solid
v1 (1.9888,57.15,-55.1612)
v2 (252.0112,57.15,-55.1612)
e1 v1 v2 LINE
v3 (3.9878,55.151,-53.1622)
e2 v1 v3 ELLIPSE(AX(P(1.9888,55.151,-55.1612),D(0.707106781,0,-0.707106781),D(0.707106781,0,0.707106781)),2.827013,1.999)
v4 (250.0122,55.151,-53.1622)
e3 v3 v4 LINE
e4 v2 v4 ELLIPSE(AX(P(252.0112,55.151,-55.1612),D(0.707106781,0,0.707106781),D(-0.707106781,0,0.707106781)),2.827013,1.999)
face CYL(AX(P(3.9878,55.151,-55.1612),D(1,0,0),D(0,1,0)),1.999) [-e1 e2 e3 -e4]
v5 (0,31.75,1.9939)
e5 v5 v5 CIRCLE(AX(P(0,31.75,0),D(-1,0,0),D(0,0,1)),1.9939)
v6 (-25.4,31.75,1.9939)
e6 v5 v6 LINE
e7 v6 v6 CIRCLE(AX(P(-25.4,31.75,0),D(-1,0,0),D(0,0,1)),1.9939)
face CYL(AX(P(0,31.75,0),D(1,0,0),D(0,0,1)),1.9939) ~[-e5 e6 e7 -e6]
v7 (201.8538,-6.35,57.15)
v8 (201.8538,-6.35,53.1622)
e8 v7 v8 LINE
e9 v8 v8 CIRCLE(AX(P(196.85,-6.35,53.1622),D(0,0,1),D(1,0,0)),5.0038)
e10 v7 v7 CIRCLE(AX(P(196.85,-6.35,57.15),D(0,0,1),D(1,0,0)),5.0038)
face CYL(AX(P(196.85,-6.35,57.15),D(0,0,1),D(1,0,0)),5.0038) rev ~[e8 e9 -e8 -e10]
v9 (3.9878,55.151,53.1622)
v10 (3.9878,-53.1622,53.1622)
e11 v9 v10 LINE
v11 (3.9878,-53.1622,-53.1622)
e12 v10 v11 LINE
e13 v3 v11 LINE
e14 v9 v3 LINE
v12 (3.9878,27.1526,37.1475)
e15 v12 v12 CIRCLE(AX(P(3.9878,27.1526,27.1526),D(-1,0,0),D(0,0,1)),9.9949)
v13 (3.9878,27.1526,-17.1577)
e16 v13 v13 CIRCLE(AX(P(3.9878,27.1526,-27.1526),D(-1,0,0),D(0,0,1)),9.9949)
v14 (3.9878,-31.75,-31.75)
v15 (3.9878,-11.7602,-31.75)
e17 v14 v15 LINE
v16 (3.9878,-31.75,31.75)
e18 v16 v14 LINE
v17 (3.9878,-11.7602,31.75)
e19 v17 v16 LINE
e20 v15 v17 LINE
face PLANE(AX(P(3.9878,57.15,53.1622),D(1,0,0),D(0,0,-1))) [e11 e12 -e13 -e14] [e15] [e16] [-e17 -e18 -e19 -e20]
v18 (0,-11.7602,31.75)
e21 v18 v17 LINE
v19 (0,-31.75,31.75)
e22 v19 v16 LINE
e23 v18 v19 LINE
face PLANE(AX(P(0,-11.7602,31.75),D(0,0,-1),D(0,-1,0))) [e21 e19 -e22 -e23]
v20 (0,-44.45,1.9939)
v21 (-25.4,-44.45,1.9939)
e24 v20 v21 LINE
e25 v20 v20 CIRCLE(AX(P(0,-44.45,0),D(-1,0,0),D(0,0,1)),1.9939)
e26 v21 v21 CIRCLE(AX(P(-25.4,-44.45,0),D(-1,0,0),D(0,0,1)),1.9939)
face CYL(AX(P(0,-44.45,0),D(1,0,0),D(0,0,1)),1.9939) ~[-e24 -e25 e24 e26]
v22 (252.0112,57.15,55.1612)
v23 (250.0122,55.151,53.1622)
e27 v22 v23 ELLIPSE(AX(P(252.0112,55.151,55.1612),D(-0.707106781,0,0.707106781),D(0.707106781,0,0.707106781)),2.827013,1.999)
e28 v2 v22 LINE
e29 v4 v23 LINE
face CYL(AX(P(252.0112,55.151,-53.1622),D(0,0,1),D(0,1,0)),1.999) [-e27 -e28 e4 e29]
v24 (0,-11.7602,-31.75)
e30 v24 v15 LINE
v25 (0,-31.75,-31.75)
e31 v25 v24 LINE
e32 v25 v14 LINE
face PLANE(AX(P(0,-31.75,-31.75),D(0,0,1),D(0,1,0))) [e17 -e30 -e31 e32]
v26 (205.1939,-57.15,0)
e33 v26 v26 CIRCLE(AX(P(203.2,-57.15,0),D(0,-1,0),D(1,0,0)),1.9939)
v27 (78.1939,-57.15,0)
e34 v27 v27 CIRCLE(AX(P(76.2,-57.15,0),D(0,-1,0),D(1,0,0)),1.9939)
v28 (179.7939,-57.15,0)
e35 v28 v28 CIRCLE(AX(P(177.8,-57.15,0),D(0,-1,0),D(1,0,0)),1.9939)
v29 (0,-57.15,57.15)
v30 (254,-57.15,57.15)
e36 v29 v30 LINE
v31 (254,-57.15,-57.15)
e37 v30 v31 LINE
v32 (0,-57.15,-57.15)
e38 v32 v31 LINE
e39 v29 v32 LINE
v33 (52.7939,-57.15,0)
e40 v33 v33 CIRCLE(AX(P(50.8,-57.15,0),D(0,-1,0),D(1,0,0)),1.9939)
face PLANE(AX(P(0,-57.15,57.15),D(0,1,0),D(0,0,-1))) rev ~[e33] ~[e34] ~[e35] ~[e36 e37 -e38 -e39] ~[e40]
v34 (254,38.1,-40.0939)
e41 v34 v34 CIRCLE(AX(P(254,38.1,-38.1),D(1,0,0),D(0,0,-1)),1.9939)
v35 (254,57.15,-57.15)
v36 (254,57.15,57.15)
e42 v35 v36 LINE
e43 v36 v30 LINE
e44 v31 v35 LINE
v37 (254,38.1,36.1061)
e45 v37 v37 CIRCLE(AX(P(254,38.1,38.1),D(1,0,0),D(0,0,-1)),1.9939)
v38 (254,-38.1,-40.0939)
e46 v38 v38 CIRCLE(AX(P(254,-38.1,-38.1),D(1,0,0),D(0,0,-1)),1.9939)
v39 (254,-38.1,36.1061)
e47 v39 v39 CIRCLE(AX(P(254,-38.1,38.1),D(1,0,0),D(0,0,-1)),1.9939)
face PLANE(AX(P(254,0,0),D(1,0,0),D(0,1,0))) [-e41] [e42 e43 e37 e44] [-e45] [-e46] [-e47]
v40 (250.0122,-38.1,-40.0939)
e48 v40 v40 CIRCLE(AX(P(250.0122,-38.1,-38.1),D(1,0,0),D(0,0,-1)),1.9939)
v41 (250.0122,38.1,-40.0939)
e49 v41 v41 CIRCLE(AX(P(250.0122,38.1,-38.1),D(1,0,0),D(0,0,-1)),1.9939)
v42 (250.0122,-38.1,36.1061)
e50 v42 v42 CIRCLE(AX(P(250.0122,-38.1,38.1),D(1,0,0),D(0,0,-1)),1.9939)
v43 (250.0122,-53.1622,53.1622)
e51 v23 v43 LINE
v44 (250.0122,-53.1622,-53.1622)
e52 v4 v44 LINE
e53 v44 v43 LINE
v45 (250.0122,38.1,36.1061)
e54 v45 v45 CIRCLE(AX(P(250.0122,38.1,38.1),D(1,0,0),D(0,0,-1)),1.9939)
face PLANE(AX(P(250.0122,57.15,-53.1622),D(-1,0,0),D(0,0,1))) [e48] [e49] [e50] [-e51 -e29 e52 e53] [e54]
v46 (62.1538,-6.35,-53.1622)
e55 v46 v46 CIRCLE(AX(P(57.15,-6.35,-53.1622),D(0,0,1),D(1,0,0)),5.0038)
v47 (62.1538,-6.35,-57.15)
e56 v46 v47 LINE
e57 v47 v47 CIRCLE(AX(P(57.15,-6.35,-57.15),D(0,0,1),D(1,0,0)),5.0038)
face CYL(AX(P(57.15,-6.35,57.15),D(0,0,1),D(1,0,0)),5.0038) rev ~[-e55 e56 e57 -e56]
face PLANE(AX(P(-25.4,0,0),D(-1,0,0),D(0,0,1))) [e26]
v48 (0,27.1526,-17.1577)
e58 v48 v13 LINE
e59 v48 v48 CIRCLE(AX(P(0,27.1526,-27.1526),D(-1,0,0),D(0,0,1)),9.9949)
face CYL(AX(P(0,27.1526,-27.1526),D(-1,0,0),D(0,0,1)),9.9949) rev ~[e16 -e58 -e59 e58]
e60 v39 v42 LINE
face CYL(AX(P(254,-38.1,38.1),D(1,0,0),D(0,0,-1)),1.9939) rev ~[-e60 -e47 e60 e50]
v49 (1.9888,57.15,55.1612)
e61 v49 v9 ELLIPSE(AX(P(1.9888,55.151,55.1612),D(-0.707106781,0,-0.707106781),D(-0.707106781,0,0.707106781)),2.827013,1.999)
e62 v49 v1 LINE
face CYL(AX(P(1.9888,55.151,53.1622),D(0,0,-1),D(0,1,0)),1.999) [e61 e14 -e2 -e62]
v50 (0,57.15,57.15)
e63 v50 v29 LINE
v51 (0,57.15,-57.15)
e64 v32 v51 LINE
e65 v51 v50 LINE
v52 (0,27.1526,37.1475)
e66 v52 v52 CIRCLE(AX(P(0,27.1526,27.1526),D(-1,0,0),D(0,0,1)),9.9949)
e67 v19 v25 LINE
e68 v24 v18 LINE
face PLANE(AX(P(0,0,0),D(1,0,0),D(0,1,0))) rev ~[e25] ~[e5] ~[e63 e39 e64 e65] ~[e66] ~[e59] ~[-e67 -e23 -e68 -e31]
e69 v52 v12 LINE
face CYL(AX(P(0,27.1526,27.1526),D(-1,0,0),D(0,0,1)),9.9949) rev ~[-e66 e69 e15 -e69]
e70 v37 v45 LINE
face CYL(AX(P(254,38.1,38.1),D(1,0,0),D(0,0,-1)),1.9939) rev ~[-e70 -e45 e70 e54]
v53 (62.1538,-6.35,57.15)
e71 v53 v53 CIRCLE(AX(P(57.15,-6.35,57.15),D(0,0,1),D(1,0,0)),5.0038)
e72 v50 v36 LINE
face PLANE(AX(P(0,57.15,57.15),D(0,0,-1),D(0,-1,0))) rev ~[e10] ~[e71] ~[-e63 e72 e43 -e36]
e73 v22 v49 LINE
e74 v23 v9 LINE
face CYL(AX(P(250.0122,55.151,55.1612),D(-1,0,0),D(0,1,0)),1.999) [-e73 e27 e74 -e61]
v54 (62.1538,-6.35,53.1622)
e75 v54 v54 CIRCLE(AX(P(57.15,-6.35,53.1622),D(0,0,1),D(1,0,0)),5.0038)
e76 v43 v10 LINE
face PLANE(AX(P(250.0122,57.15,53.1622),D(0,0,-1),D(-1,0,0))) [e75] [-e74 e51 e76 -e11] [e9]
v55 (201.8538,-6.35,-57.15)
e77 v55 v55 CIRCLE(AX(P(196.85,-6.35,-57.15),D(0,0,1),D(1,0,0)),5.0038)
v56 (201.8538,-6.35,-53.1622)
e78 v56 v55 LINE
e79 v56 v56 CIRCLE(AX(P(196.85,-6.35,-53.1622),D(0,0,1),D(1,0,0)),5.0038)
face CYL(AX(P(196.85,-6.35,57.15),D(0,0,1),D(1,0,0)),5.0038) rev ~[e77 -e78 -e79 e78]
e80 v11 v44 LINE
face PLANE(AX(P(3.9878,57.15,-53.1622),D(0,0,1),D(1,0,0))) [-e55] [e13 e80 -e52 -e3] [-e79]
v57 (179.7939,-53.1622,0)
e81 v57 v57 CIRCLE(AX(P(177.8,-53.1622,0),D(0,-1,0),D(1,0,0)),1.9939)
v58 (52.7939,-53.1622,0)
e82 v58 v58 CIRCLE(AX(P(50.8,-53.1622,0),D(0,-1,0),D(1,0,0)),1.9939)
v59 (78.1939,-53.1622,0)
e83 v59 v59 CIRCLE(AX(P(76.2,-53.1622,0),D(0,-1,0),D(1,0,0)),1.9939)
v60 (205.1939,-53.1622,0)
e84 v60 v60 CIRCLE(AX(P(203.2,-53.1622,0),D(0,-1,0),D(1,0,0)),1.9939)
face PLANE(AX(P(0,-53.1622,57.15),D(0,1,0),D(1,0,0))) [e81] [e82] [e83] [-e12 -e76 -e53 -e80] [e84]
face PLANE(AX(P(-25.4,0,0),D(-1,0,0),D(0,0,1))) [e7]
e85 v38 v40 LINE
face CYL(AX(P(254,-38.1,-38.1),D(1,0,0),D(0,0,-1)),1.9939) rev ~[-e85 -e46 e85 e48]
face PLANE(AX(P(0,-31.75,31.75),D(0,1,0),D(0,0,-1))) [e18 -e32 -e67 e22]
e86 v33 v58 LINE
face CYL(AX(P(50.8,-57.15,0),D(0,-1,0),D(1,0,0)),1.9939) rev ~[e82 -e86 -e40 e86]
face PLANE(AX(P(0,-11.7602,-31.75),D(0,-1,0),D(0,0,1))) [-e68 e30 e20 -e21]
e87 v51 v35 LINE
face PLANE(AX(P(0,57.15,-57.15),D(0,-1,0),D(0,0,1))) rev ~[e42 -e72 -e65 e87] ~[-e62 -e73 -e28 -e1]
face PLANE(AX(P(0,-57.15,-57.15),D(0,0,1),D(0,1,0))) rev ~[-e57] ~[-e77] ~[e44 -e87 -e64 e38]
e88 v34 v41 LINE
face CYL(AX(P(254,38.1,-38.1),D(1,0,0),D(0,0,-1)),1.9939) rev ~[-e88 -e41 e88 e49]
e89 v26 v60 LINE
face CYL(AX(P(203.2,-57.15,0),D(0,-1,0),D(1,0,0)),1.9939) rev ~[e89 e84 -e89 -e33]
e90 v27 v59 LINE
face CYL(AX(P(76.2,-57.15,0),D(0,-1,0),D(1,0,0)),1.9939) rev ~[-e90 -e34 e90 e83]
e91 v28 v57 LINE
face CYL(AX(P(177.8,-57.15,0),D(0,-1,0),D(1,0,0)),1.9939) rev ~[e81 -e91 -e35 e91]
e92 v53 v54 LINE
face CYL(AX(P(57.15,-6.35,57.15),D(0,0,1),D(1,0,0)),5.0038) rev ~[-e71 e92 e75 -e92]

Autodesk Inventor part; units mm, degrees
ref_plane "YZ Plane" through (0, 0, 0) normal (1, 0, 0) x (0, 1, 0)
ref_plane "XZ Plane" through (0, 0, 0) normal (0, 1, 0) x (-1, 0, 0)
ref_plane "XY Plane" through (0, 0, 0) normal (0, 0, 1) x (1, 0, 0)
sketch "Sketch1" plane through (0, 0, 0) normal (1, 0, 0) x (0, 1, 0)
  point P0 (0, 0)
sketch "Sketch2" plane through (0, 0, 0) normal (1, 0, 0) x (0, 1, 0)
  line L0 (57.15, 57.15) -> (-57.15, 57.15)
  line L1 (-57.15, 57.15) -> (-57.15, -57.15)
  line L2 (-57.15, -57.15) -> (57.15, -57.15)
  line L3 (57.15, -57.15) -> (57.15, 57.15)
  line L4 (57.15, 57.15) -> (-57.15, -57.15) construction
  line L5 (-57.15, 57.15) -> (57.15, -57.15) construction
  point P0 (0, 0)
  dimension "d0" = 114.3
  dimension "d1" = 114.3
extrude "Extrusion1" add sketch "Sketch2" along normal blind 254
sketch "Sketch3" plane through (0, 57.15, 57.15) normal (0, 1, 0) x (1, 0, 0)
  line L0 (3.9878, 110.3122) -> (250.0122, 110.3122)
  line L1 (250.0122, 110.3122) -> (250.0122, 3.9878)
  line L2 (250.0122, 3.9878) -> (3.9878, 3.9878)
  line L3 (3.9878, 3.9878) -> (3.9878, 110.3122)
  line L4 (0, 114.3) -> (254, 114.3) projected
  line L5 (0, 114.3) -> (0, 0) projected
  line L6 (0, 0) -> (254, 0) projected
  line L7 (254, 114.3) -> (254, 0) projected
  point P0 (0, 57.15)
  dimension "d4" = 3.9878
  dimension "d5" = 3.9878
  dimension "d6" = 3.9878
  dimension "d7" = 3.9878
extrude "Extrusion2" cut sketch "Sketch3" against normal blind 110.3122 contours L0 L1 L2 L3
sketch "Sketch5" plane through (0, -57.15, 57.15) normal (0, 0, 1) x (1, 0, 0)
  circle A0 centre (57.15, 50.8) radius 5.0038
  circle A1 centre (196.85, 50.8) radius 5.0038
  line L0 (0, 0) -> (254, 0) projected
  line L1 (0, 114.3) -> (0, 0) projected
  line L2 (254, 114.3) -> (254, 0) projected
  point P0 (0, 57.15)
  dimension "d19" = 10.0076
  dimension "d20" = 10.0076
  dimension "d21" = 50.8
  dimension "d22" = 50.8
  dimension "d23" = 57.15
  dimension "d24" = 57.15
extrude "Extrusion3" cut sketch "Sketch5" against normal through all
sketch "Sketch6" plane through (0, -57.15, -57.15) normal (0, -1, 0) x (1, 0, 0)
  circle A0 centre (50.8, 57.15) radius 1.9939
  circle A1 centre (76.2, 57.15) radius 1.9939
  circle A2 centre (177.8, 57.15) radius 1.9939
  circle A3 centre (203.2, 57.15) radius 1.9939
  line L0 (0, 114.3) -> (254, 114.3) projected
  line L1 (0, 114.3) -> (0, 0) projected
  line L2 (254, 114.3) -> (254, 0) projected
  point P0 (0, 57.15)
  dimension "d27" = 3.9878
  dimension "d28" = 3.9878
  dimension "d29" = 3.9878
  dimension "d30" = 3.9878
  dimension "d31" = 57.15
  dimension "d32" = 57.15
  dimension "d33" = 57.15
  dimension "d34" = 57.15
  dimension "d35" = 50.8
  dimension "d36" = 50.8
  dimension "d37" = 76.2
  dimension "d38" = 76.2
extrude "Extrusion4" cut sketch "Sketch6" against normal through all
fillet "Fillet3" radius 1.999 4 edges at (250.0122, 57.15, 0) (127, 57.15, -53.1622) (127, 57.15, 53.1622) (3.9878, 57.15, 0)
sketch "Sketch7" plane through (0, 0, 0) normal (-1, 0, 0) x (0, 0, 1)
  circle A0 centre (-27.1526, 27.1526) radius 9.9949
  circle A1 centre (27.1526, 27.1526) radius 9.9949
  line L0 (-31.75, -11.7602) -> (31.75, -11.7602)
  line L1 (31.75, -11.7602) -> (31.75, -31.75)
  line L2 (31.75, -31.75) -> (-31.75, -31.75)
  line L3 (-31.75, -31.75) -> (-31.75, -11.7602)
  line L4 (57.15, -57.15) -> (-57.15, -57.15) projected
  line L5 (57.15, 57.15) -> (57.15, -57.15) projected
  line L6 (-57.15, 57.15) -> (57.15, 57.15) projected
  line L7 (-57.15, -57.15) -> (-57.15, 57.15) projected
  point P0 (0, 0)
  dimension "d43" = 19.9898
  dimension "d44" = 19.9898
  dimension "d45" = 63.5
  dimension "d46" = 19.9898
  dimension "d47" = 25.4
  dimension "d48" = 25.4
  dimension "d49" = 29.9974
  dimension "d50" = 29.9974
  dimension "d51" = 29.9974
  dimension "d52" = 29.9974
sketch "Sketch8" plane through (0, 0, 0) normal (-1, 0, 0) x (0, 0, 1)
  point P0 (0, 0)
extrude "Extrusion5" cut sketch "Sketch7" against normal blind 3.9878 contours A0 | A1 | L0 L1 L2 L3
sketch "Sketch9" plane through (254, 0, 0) normal (1, 0, 0) x (0, 0, -1)
  circle A0 centre (-38.1, 38.1) radius 1.9939
  circle A1 centre (38.1, 38.1) radius 1.9939
  circle A2 centre (-38.1, -38.1) radius 1.9939
  circle A3 centre (38.1, -38.1) radius 1.9939
  line L0 (57.15, 57.15) -> (-57.15, 57.15) projected
  line L1 (-57.15, 57.15) -> (-57.15, -57.15) projected
  line L2 (57.15, -57.15) -> (57.15, 57.15) projected
  line L3 (-57.15, -57.15) -> (57.15, -57.15) projected
  point P0 (0, 0)
  dimension "d55" = 3.9878
  dimension "d56" = 3.9878
  dimension "d57" = 3.9878
  dimension "d58" = 3.9878
  dimension "d59" = 19.05
  dimension "d60" = 19.05
  dimension "d61" = 19.05
  dimension "d62" = 19.05
  dimension "d63" = 19.05
  dimension "d64" = 19.05
  dimension "d65" = 19.05
  dimension "d66" = 19.05
sketch "Sketch10" plane through (254, 0, 0) normal (1, 0, 0) x (0, 0, -1)
  point P0 (0, 0)
extrude "Extrusion6" cut sketch "Sketch9" against normal blind 3.9878 contours A0 | A1 | A2 | A3
sketch "Sketch16" plane through (0, -57.15, 57.15) normal (0, 0, 1) x (1, 0, 0)
  point P0 (0, 57.15)
sketch "Sketch17" plane through (0, -57.15, 57.15) normal (0, 0, 1) x (1, 0, 0)
  point P0 (0, 57.15)
sketch "Sketch18" plane through (0, 0, 0) normal (-1, 0, 0) x (0, 0, 1)
  circle A0 centre (0, 31.75) radius 1.9939
  circle A1 centre (0, -44.45) radius 1.9939
  line L0 (-57.15, 57.15) -> (57.15, 57.15) projected
  line L1 (57.15, -57.15) -> (-57.15, -57.15) projected
  point P0 (0, 0)
  dimension "d89" = 3.9878
  dimension "d90" = 3.9878
  dimension "d91" = 25.4
  dimension "d92" = 12.7
extrude "Extrusion11" add sketch "Sketch18" along normal blind 25.4
sketch "Sketch19" plane through (0, 0, 0) normal (-1, 0, 0) x (0, 0, 1)
  point P0 (0, 0)
properties part number "pranshu part" material "PBT Plastic"
